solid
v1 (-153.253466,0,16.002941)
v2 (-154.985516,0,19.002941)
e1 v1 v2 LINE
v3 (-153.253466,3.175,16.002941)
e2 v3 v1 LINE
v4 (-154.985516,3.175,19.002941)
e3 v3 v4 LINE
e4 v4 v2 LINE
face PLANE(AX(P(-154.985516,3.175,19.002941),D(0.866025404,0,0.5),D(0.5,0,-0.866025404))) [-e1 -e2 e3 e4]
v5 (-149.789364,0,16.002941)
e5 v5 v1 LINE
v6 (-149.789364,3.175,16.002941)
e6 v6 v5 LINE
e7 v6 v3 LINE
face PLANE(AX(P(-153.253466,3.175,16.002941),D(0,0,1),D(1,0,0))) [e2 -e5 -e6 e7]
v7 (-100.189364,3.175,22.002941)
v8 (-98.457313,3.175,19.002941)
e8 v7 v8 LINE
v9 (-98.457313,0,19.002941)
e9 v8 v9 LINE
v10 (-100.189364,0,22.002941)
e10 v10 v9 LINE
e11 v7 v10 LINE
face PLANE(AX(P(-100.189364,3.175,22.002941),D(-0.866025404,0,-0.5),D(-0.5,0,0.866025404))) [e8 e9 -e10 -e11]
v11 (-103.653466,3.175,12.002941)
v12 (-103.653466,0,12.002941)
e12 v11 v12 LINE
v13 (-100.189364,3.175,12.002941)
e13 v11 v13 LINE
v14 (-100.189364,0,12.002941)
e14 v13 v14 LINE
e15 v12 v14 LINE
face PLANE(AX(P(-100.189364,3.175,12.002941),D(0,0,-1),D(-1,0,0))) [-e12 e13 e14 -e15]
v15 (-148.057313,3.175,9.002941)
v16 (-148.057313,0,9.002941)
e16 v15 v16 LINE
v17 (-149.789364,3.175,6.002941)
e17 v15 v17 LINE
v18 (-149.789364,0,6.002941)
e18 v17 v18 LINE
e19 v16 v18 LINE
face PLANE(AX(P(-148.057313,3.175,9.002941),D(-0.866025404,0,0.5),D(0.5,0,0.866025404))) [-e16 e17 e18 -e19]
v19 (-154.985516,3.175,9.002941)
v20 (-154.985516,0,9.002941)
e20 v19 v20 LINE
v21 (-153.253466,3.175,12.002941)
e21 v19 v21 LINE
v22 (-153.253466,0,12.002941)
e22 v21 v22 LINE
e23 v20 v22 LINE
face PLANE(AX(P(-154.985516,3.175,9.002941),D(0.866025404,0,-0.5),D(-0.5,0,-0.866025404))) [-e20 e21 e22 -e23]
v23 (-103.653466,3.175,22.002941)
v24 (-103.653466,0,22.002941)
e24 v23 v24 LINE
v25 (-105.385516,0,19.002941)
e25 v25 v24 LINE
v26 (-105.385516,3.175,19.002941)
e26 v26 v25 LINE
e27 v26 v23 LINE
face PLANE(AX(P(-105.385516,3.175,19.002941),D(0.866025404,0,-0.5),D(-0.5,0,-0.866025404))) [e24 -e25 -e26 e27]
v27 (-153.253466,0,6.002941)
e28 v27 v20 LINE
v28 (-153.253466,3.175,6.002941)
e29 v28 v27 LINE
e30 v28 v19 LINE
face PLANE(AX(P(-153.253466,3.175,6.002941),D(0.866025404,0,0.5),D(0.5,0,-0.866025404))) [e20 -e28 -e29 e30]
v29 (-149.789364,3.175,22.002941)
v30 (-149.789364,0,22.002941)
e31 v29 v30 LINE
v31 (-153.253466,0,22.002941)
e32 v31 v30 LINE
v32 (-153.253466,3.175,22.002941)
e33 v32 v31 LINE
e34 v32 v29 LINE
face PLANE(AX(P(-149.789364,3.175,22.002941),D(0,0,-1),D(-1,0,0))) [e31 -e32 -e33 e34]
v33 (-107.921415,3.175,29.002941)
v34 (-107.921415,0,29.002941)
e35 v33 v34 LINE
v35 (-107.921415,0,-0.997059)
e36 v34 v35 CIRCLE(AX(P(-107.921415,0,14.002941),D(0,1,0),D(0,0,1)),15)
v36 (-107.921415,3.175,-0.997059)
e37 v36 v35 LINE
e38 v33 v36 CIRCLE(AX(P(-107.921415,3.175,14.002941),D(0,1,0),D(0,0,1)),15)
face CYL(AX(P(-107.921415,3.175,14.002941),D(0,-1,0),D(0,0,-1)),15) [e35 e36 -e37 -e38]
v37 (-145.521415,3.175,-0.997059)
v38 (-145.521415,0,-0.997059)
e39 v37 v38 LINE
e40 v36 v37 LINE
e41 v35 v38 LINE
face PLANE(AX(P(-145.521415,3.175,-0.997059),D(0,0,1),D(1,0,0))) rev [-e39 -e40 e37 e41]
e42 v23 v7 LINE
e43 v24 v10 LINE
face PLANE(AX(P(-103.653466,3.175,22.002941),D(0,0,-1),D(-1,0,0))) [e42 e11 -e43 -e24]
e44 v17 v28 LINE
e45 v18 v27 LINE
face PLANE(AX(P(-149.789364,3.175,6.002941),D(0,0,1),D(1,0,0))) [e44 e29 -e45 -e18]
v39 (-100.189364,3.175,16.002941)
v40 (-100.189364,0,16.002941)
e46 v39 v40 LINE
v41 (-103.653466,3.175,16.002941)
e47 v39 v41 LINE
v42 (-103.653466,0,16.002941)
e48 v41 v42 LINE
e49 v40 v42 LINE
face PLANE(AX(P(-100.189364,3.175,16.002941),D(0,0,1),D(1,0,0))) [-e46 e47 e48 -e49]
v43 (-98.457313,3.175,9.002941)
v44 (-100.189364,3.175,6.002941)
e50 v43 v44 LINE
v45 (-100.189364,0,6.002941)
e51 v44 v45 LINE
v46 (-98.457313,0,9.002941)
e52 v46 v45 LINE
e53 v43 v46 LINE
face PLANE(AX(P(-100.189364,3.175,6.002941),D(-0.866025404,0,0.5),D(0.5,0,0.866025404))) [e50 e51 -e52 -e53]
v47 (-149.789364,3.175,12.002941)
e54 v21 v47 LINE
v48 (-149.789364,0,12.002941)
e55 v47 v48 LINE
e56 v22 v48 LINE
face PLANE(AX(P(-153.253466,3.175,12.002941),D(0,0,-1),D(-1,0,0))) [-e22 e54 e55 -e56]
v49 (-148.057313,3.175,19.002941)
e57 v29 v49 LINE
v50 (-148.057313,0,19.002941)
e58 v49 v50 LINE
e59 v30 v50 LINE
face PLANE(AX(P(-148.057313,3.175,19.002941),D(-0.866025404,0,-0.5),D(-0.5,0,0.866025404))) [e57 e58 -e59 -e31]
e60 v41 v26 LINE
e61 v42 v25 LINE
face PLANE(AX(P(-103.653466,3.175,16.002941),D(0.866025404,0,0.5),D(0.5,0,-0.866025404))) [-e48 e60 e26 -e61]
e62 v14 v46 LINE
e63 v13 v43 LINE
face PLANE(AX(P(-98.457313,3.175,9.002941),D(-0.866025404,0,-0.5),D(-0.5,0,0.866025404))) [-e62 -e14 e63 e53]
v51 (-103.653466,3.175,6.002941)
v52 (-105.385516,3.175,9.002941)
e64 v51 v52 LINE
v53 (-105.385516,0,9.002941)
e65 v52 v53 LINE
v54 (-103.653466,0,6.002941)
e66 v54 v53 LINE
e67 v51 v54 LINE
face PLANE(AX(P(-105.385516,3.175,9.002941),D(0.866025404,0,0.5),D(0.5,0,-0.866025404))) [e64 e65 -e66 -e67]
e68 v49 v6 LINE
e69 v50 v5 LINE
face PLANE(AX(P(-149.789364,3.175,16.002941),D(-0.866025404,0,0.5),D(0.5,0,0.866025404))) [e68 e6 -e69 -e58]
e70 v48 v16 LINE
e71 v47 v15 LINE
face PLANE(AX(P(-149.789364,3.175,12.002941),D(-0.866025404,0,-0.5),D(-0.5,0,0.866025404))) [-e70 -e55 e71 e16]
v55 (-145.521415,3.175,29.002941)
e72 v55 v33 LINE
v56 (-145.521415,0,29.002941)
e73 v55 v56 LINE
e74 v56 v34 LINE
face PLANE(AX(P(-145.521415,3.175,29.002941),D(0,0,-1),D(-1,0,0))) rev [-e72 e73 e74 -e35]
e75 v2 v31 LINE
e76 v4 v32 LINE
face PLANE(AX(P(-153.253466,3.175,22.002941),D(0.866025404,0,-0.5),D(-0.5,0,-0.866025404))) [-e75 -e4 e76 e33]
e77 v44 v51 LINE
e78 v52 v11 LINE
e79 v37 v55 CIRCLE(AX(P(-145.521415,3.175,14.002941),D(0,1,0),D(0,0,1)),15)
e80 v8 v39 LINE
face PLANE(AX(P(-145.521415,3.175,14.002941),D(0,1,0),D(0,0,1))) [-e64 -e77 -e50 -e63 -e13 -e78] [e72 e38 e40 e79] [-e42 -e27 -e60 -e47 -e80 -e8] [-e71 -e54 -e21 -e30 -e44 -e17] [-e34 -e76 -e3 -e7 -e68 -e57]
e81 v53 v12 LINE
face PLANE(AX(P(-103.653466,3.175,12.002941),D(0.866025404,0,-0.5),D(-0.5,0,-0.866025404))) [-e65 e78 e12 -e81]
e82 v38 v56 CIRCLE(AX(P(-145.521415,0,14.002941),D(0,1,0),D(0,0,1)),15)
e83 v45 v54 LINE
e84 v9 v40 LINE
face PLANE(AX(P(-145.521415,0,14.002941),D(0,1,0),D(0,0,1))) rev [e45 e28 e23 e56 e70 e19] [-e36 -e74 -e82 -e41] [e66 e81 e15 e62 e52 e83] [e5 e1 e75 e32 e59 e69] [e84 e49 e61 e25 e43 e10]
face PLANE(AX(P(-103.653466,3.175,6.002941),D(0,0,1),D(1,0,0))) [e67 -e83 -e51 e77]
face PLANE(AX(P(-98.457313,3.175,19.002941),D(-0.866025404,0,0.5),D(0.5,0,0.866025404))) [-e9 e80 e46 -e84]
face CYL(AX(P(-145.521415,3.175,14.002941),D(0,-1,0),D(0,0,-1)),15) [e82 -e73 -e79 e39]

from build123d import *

# Parameters (mm, degrees)
BOSS_EXTRUDE1_DEPTH = 3.175


with BuildPart() as part:
    # Sketch2 → Boss-Extrude1 (new body)
    with BuildSketch(Plane(origin=(0, 0, 0), x_dir=(1, 0, 0), z_dir=(0, 1, 0))):
        with BuildLine():
            Line((-145.521414695, 0.997059393), (-107.921414695, 0.997059393))
            ThreePointArc((-107.921414695, 0.997059393), (-92.921414695, -14.002940607), (-107.921414695, -29.002940607))
            Line((-107.921414695, -29.002940607), (-145.521414695, -29.002940607))
            ThreePointArc((-145.521414695, -29.002940607), (-160.521414695, -14.002940607), (-145.521414695, 0.997059393))
        make_face()
        Polygon((-149.789363887, -12.002940607), (-148.05731308, -9.002940607), (-149.789363887, -6.002940607), (-153.253465503, -6.002940607), (-154.98551631, -9.002940607), (-153.253465503, -12.002940607), align=None, mode=Mode.SUBTRACT)
        Polygon((-153.253465503, -16.002940607), (-149.789363887, -16.002940607), (-148.05731308, -19.002940607), (-149.789363887, -22.002940607), (-153.253465503, -22.002940607), (-154.98551631, -19.002940607), align=None, mode=Mode.SUBTRACT)
        Polygon((-103.653465503, -16.002940607), (-105.38551631, -19.002940607), (-103.653465503, -22.002940607), (-100.189363887, -22.002940607), (-98.45731308, -19.002940607), (-100.189363887, -16.002940607), align=None, mode=Mode.SUBTRACT)
        Polygon((-100.189363887, -12.002940607), (-103.653465503, -12.002940607), (-105.38551631, -9.002940607), (-103.653465503, -6.002940607), (-100.189363887, -6.002940607), (-98.45731308, -9.002940607), align=None, mode=Mode.SUBTRACT)
    extrude(amount=BOSS_EXTRUDE1_DEPTH)


solid = part.part
